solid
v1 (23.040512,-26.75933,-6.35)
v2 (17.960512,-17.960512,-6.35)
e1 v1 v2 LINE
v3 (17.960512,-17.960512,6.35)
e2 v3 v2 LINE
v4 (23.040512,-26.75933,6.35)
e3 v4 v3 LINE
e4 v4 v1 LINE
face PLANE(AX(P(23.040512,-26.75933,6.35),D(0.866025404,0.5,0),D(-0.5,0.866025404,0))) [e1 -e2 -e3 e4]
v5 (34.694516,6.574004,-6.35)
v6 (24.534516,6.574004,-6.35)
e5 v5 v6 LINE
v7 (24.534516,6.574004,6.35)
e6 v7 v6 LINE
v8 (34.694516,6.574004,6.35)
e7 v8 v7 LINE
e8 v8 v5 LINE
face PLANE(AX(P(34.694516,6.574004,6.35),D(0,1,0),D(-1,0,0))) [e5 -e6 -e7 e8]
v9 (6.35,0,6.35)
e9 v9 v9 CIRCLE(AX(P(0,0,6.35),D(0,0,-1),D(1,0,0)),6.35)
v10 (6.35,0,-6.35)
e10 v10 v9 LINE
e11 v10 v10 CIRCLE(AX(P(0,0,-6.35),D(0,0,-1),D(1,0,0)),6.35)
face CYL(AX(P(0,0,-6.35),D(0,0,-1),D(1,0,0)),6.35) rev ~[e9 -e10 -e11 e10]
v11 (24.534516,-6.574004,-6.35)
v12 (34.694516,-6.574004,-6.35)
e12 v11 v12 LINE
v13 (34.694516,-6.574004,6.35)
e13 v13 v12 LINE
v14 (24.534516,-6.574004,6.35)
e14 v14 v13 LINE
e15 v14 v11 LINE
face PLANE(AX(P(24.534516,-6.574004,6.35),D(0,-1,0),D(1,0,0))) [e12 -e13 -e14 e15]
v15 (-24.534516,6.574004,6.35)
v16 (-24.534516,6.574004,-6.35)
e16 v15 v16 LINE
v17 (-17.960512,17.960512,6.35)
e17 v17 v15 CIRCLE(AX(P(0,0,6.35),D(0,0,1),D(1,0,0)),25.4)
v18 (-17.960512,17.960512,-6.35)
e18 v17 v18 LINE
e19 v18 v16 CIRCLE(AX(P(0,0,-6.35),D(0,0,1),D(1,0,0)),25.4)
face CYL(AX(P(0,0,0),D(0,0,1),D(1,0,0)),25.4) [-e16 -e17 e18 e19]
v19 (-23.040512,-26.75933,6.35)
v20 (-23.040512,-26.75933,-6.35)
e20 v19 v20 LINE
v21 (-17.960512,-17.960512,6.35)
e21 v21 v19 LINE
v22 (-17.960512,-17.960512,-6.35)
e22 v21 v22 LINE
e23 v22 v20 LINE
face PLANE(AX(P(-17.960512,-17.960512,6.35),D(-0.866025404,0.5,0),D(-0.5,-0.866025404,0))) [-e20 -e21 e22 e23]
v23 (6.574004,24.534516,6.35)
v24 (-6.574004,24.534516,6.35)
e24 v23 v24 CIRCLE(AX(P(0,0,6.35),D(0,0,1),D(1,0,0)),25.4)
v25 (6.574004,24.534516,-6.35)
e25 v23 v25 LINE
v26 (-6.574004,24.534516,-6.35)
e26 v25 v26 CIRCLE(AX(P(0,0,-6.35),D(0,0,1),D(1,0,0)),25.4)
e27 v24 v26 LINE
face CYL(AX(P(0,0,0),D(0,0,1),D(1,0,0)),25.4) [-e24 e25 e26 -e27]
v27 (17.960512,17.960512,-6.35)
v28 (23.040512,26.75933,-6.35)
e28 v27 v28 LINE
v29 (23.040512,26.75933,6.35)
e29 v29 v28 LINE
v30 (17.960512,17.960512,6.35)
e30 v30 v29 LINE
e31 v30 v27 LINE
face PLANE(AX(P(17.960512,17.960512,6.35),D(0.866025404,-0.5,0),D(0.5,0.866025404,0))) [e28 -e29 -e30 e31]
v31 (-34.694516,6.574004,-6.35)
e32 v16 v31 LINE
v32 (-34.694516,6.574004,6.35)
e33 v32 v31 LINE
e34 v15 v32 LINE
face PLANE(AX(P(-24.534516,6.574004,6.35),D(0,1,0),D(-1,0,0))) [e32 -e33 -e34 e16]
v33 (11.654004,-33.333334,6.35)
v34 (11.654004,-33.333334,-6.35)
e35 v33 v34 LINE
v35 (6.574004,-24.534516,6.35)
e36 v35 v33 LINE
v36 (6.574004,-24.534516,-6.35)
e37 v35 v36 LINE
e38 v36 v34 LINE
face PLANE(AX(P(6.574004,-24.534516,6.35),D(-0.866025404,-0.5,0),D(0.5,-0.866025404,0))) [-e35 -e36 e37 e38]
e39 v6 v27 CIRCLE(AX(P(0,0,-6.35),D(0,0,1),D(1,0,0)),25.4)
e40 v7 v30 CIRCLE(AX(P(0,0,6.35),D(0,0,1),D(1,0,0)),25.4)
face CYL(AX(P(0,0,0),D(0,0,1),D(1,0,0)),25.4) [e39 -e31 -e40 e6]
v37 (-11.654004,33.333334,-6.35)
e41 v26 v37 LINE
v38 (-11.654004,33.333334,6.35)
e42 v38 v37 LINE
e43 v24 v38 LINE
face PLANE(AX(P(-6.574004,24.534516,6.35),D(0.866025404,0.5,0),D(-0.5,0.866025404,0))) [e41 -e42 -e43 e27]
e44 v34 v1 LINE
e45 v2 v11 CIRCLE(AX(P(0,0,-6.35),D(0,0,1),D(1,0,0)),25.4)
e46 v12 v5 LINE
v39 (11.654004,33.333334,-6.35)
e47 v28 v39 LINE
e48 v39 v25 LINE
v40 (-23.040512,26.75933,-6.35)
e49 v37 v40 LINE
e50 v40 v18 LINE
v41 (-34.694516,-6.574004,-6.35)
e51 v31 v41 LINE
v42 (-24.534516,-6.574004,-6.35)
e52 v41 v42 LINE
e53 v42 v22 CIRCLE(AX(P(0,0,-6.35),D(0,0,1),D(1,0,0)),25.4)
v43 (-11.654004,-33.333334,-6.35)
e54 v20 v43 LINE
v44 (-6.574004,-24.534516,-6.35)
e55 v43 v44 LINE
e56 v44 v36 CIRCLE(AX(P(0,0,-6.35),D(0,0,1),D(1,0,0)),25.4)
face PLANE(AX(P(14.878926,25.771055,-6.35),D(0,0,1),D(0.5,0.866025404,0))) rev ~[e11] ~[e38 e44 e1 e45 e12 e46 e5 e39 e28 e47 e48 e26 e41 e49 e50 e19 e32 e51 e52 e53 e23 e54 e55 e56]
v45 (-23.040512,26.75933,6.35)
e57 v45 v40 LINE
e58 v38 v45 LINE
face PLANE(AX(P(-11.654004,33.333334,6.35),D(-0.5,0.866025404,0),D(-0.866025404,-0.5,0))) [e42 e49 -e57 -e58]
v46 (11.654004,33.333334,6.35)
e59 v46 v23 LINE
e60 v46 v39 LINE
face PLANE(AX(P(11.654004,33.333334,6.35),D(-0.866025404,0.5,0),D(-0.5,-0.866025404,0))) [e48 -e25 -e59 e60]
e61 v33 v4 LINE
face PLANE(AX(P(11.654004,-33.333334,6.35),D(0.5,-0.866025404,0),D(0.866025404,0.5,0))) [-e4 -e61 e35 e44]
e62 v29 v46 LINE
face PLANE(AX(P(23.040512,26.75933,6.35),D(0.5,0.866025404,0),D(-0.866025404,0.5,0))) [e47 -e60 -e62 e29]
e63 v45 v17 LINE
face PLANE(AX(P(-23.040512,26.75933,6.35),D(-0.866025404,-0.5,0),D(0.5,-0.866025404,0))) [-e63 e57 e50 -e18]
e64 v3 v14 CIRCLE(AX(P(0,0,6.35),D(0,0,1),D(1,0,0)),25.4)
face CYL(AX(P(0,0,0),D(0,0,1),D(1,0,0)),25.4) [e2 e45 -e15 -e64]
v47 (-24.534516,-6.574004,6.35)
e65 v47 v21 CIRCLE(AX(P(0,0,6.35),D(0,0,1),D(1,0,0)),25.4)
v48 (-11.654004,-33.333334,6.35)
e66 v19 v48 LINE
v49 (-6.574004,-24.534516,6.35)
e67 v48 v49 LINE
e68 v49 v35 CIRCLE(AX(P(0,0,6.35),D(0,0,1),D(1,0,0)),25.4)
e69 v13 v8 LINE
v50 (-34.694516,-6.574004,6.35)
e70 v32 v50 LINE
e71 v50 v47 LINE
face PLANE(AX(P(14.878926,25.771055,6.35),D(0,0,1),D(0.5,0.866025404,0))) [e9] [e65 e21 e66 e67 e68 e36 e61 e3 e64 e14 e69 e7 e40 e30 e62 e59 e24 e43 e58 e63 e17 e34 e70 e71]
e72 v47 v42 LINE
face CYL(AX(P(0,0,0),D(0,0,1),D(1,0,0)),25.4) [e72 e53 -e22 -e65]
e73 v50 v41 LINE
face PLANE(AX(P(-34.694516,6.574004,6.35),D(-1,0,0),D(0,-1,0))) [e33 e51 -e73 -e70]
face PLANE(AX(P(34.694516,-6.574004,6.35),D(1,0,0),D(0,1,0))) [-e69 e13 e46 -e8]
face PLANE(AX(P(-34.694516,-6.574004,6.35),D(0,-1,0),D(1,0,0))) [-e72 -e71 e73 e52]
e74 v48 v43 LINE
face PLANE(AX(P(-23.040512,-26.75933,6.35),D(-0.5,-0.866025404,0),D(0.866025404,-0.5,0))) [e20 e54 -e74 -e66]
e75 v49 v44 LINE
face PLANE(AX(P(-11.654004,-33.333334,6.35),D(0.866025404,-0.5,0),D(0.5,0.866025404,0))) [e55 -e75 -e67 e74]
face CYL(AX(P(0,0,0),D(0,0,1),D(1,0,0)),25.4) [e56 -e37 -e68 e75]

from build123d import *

# Parameters (mm, degrees)
F0_R     = 25.4
F1_DEPTH = 6.35
F3_DEPTH = 12.7
F5_COUNT = 6
F6_R     = 6.35
F7_DEPTH = 25.4


with BuildPart() as f1:
    # F0 (on Top) → F1 (new body, symmetric)
    with BuildSketch(Plane.XY):
        Circle(F0_R)
    extrude(amount=F1_DEPTH, both=True)

    # F2 (on face) → F3 (join)
    with BuildSketch(Plane.XY.offset(6.35)):
        with BuildLine():
            ThreePointArc((25.4, 0), (25.182699, -3.315365), (24.534516, -6.574004))
            Line((24.534516, -6.574004), (34.694516, -6.574004))
            Line((34.694516, -6.574004), (34.694516, 6.574004))
            Line((34.694516, 6.574004), (24.534516, 6.574004))
            ThreePointArc((24.534516, 6.574004), (25.182699, 3.315365), (25.4, 0))
        make_face()
    extrude(amount=-F3_DEPTH)

    # F5: F1 ×6 about axis
    f5_axis = Axis((0, 0, -15.993202), (0, 0, -1))


with BuildPart() as f1_1:
    add(f1.part)
    for i in range(1, F5_COUNT):
        add(f1.part.rotate(f5_axis, i * 360 / F5_COUNT))

    # F6 (on face) → F7 (cut)
    with BuildSketch(Plane(origin=(0, 0, -6.35), x_dir=(1, 0, 0), z_dir=(0, 0, -1))):
        Circle(F6_R)
    extrude(amount=-F7_DEPTH, mode=Mode.SUBTRACT)


solid = f1_1.part
